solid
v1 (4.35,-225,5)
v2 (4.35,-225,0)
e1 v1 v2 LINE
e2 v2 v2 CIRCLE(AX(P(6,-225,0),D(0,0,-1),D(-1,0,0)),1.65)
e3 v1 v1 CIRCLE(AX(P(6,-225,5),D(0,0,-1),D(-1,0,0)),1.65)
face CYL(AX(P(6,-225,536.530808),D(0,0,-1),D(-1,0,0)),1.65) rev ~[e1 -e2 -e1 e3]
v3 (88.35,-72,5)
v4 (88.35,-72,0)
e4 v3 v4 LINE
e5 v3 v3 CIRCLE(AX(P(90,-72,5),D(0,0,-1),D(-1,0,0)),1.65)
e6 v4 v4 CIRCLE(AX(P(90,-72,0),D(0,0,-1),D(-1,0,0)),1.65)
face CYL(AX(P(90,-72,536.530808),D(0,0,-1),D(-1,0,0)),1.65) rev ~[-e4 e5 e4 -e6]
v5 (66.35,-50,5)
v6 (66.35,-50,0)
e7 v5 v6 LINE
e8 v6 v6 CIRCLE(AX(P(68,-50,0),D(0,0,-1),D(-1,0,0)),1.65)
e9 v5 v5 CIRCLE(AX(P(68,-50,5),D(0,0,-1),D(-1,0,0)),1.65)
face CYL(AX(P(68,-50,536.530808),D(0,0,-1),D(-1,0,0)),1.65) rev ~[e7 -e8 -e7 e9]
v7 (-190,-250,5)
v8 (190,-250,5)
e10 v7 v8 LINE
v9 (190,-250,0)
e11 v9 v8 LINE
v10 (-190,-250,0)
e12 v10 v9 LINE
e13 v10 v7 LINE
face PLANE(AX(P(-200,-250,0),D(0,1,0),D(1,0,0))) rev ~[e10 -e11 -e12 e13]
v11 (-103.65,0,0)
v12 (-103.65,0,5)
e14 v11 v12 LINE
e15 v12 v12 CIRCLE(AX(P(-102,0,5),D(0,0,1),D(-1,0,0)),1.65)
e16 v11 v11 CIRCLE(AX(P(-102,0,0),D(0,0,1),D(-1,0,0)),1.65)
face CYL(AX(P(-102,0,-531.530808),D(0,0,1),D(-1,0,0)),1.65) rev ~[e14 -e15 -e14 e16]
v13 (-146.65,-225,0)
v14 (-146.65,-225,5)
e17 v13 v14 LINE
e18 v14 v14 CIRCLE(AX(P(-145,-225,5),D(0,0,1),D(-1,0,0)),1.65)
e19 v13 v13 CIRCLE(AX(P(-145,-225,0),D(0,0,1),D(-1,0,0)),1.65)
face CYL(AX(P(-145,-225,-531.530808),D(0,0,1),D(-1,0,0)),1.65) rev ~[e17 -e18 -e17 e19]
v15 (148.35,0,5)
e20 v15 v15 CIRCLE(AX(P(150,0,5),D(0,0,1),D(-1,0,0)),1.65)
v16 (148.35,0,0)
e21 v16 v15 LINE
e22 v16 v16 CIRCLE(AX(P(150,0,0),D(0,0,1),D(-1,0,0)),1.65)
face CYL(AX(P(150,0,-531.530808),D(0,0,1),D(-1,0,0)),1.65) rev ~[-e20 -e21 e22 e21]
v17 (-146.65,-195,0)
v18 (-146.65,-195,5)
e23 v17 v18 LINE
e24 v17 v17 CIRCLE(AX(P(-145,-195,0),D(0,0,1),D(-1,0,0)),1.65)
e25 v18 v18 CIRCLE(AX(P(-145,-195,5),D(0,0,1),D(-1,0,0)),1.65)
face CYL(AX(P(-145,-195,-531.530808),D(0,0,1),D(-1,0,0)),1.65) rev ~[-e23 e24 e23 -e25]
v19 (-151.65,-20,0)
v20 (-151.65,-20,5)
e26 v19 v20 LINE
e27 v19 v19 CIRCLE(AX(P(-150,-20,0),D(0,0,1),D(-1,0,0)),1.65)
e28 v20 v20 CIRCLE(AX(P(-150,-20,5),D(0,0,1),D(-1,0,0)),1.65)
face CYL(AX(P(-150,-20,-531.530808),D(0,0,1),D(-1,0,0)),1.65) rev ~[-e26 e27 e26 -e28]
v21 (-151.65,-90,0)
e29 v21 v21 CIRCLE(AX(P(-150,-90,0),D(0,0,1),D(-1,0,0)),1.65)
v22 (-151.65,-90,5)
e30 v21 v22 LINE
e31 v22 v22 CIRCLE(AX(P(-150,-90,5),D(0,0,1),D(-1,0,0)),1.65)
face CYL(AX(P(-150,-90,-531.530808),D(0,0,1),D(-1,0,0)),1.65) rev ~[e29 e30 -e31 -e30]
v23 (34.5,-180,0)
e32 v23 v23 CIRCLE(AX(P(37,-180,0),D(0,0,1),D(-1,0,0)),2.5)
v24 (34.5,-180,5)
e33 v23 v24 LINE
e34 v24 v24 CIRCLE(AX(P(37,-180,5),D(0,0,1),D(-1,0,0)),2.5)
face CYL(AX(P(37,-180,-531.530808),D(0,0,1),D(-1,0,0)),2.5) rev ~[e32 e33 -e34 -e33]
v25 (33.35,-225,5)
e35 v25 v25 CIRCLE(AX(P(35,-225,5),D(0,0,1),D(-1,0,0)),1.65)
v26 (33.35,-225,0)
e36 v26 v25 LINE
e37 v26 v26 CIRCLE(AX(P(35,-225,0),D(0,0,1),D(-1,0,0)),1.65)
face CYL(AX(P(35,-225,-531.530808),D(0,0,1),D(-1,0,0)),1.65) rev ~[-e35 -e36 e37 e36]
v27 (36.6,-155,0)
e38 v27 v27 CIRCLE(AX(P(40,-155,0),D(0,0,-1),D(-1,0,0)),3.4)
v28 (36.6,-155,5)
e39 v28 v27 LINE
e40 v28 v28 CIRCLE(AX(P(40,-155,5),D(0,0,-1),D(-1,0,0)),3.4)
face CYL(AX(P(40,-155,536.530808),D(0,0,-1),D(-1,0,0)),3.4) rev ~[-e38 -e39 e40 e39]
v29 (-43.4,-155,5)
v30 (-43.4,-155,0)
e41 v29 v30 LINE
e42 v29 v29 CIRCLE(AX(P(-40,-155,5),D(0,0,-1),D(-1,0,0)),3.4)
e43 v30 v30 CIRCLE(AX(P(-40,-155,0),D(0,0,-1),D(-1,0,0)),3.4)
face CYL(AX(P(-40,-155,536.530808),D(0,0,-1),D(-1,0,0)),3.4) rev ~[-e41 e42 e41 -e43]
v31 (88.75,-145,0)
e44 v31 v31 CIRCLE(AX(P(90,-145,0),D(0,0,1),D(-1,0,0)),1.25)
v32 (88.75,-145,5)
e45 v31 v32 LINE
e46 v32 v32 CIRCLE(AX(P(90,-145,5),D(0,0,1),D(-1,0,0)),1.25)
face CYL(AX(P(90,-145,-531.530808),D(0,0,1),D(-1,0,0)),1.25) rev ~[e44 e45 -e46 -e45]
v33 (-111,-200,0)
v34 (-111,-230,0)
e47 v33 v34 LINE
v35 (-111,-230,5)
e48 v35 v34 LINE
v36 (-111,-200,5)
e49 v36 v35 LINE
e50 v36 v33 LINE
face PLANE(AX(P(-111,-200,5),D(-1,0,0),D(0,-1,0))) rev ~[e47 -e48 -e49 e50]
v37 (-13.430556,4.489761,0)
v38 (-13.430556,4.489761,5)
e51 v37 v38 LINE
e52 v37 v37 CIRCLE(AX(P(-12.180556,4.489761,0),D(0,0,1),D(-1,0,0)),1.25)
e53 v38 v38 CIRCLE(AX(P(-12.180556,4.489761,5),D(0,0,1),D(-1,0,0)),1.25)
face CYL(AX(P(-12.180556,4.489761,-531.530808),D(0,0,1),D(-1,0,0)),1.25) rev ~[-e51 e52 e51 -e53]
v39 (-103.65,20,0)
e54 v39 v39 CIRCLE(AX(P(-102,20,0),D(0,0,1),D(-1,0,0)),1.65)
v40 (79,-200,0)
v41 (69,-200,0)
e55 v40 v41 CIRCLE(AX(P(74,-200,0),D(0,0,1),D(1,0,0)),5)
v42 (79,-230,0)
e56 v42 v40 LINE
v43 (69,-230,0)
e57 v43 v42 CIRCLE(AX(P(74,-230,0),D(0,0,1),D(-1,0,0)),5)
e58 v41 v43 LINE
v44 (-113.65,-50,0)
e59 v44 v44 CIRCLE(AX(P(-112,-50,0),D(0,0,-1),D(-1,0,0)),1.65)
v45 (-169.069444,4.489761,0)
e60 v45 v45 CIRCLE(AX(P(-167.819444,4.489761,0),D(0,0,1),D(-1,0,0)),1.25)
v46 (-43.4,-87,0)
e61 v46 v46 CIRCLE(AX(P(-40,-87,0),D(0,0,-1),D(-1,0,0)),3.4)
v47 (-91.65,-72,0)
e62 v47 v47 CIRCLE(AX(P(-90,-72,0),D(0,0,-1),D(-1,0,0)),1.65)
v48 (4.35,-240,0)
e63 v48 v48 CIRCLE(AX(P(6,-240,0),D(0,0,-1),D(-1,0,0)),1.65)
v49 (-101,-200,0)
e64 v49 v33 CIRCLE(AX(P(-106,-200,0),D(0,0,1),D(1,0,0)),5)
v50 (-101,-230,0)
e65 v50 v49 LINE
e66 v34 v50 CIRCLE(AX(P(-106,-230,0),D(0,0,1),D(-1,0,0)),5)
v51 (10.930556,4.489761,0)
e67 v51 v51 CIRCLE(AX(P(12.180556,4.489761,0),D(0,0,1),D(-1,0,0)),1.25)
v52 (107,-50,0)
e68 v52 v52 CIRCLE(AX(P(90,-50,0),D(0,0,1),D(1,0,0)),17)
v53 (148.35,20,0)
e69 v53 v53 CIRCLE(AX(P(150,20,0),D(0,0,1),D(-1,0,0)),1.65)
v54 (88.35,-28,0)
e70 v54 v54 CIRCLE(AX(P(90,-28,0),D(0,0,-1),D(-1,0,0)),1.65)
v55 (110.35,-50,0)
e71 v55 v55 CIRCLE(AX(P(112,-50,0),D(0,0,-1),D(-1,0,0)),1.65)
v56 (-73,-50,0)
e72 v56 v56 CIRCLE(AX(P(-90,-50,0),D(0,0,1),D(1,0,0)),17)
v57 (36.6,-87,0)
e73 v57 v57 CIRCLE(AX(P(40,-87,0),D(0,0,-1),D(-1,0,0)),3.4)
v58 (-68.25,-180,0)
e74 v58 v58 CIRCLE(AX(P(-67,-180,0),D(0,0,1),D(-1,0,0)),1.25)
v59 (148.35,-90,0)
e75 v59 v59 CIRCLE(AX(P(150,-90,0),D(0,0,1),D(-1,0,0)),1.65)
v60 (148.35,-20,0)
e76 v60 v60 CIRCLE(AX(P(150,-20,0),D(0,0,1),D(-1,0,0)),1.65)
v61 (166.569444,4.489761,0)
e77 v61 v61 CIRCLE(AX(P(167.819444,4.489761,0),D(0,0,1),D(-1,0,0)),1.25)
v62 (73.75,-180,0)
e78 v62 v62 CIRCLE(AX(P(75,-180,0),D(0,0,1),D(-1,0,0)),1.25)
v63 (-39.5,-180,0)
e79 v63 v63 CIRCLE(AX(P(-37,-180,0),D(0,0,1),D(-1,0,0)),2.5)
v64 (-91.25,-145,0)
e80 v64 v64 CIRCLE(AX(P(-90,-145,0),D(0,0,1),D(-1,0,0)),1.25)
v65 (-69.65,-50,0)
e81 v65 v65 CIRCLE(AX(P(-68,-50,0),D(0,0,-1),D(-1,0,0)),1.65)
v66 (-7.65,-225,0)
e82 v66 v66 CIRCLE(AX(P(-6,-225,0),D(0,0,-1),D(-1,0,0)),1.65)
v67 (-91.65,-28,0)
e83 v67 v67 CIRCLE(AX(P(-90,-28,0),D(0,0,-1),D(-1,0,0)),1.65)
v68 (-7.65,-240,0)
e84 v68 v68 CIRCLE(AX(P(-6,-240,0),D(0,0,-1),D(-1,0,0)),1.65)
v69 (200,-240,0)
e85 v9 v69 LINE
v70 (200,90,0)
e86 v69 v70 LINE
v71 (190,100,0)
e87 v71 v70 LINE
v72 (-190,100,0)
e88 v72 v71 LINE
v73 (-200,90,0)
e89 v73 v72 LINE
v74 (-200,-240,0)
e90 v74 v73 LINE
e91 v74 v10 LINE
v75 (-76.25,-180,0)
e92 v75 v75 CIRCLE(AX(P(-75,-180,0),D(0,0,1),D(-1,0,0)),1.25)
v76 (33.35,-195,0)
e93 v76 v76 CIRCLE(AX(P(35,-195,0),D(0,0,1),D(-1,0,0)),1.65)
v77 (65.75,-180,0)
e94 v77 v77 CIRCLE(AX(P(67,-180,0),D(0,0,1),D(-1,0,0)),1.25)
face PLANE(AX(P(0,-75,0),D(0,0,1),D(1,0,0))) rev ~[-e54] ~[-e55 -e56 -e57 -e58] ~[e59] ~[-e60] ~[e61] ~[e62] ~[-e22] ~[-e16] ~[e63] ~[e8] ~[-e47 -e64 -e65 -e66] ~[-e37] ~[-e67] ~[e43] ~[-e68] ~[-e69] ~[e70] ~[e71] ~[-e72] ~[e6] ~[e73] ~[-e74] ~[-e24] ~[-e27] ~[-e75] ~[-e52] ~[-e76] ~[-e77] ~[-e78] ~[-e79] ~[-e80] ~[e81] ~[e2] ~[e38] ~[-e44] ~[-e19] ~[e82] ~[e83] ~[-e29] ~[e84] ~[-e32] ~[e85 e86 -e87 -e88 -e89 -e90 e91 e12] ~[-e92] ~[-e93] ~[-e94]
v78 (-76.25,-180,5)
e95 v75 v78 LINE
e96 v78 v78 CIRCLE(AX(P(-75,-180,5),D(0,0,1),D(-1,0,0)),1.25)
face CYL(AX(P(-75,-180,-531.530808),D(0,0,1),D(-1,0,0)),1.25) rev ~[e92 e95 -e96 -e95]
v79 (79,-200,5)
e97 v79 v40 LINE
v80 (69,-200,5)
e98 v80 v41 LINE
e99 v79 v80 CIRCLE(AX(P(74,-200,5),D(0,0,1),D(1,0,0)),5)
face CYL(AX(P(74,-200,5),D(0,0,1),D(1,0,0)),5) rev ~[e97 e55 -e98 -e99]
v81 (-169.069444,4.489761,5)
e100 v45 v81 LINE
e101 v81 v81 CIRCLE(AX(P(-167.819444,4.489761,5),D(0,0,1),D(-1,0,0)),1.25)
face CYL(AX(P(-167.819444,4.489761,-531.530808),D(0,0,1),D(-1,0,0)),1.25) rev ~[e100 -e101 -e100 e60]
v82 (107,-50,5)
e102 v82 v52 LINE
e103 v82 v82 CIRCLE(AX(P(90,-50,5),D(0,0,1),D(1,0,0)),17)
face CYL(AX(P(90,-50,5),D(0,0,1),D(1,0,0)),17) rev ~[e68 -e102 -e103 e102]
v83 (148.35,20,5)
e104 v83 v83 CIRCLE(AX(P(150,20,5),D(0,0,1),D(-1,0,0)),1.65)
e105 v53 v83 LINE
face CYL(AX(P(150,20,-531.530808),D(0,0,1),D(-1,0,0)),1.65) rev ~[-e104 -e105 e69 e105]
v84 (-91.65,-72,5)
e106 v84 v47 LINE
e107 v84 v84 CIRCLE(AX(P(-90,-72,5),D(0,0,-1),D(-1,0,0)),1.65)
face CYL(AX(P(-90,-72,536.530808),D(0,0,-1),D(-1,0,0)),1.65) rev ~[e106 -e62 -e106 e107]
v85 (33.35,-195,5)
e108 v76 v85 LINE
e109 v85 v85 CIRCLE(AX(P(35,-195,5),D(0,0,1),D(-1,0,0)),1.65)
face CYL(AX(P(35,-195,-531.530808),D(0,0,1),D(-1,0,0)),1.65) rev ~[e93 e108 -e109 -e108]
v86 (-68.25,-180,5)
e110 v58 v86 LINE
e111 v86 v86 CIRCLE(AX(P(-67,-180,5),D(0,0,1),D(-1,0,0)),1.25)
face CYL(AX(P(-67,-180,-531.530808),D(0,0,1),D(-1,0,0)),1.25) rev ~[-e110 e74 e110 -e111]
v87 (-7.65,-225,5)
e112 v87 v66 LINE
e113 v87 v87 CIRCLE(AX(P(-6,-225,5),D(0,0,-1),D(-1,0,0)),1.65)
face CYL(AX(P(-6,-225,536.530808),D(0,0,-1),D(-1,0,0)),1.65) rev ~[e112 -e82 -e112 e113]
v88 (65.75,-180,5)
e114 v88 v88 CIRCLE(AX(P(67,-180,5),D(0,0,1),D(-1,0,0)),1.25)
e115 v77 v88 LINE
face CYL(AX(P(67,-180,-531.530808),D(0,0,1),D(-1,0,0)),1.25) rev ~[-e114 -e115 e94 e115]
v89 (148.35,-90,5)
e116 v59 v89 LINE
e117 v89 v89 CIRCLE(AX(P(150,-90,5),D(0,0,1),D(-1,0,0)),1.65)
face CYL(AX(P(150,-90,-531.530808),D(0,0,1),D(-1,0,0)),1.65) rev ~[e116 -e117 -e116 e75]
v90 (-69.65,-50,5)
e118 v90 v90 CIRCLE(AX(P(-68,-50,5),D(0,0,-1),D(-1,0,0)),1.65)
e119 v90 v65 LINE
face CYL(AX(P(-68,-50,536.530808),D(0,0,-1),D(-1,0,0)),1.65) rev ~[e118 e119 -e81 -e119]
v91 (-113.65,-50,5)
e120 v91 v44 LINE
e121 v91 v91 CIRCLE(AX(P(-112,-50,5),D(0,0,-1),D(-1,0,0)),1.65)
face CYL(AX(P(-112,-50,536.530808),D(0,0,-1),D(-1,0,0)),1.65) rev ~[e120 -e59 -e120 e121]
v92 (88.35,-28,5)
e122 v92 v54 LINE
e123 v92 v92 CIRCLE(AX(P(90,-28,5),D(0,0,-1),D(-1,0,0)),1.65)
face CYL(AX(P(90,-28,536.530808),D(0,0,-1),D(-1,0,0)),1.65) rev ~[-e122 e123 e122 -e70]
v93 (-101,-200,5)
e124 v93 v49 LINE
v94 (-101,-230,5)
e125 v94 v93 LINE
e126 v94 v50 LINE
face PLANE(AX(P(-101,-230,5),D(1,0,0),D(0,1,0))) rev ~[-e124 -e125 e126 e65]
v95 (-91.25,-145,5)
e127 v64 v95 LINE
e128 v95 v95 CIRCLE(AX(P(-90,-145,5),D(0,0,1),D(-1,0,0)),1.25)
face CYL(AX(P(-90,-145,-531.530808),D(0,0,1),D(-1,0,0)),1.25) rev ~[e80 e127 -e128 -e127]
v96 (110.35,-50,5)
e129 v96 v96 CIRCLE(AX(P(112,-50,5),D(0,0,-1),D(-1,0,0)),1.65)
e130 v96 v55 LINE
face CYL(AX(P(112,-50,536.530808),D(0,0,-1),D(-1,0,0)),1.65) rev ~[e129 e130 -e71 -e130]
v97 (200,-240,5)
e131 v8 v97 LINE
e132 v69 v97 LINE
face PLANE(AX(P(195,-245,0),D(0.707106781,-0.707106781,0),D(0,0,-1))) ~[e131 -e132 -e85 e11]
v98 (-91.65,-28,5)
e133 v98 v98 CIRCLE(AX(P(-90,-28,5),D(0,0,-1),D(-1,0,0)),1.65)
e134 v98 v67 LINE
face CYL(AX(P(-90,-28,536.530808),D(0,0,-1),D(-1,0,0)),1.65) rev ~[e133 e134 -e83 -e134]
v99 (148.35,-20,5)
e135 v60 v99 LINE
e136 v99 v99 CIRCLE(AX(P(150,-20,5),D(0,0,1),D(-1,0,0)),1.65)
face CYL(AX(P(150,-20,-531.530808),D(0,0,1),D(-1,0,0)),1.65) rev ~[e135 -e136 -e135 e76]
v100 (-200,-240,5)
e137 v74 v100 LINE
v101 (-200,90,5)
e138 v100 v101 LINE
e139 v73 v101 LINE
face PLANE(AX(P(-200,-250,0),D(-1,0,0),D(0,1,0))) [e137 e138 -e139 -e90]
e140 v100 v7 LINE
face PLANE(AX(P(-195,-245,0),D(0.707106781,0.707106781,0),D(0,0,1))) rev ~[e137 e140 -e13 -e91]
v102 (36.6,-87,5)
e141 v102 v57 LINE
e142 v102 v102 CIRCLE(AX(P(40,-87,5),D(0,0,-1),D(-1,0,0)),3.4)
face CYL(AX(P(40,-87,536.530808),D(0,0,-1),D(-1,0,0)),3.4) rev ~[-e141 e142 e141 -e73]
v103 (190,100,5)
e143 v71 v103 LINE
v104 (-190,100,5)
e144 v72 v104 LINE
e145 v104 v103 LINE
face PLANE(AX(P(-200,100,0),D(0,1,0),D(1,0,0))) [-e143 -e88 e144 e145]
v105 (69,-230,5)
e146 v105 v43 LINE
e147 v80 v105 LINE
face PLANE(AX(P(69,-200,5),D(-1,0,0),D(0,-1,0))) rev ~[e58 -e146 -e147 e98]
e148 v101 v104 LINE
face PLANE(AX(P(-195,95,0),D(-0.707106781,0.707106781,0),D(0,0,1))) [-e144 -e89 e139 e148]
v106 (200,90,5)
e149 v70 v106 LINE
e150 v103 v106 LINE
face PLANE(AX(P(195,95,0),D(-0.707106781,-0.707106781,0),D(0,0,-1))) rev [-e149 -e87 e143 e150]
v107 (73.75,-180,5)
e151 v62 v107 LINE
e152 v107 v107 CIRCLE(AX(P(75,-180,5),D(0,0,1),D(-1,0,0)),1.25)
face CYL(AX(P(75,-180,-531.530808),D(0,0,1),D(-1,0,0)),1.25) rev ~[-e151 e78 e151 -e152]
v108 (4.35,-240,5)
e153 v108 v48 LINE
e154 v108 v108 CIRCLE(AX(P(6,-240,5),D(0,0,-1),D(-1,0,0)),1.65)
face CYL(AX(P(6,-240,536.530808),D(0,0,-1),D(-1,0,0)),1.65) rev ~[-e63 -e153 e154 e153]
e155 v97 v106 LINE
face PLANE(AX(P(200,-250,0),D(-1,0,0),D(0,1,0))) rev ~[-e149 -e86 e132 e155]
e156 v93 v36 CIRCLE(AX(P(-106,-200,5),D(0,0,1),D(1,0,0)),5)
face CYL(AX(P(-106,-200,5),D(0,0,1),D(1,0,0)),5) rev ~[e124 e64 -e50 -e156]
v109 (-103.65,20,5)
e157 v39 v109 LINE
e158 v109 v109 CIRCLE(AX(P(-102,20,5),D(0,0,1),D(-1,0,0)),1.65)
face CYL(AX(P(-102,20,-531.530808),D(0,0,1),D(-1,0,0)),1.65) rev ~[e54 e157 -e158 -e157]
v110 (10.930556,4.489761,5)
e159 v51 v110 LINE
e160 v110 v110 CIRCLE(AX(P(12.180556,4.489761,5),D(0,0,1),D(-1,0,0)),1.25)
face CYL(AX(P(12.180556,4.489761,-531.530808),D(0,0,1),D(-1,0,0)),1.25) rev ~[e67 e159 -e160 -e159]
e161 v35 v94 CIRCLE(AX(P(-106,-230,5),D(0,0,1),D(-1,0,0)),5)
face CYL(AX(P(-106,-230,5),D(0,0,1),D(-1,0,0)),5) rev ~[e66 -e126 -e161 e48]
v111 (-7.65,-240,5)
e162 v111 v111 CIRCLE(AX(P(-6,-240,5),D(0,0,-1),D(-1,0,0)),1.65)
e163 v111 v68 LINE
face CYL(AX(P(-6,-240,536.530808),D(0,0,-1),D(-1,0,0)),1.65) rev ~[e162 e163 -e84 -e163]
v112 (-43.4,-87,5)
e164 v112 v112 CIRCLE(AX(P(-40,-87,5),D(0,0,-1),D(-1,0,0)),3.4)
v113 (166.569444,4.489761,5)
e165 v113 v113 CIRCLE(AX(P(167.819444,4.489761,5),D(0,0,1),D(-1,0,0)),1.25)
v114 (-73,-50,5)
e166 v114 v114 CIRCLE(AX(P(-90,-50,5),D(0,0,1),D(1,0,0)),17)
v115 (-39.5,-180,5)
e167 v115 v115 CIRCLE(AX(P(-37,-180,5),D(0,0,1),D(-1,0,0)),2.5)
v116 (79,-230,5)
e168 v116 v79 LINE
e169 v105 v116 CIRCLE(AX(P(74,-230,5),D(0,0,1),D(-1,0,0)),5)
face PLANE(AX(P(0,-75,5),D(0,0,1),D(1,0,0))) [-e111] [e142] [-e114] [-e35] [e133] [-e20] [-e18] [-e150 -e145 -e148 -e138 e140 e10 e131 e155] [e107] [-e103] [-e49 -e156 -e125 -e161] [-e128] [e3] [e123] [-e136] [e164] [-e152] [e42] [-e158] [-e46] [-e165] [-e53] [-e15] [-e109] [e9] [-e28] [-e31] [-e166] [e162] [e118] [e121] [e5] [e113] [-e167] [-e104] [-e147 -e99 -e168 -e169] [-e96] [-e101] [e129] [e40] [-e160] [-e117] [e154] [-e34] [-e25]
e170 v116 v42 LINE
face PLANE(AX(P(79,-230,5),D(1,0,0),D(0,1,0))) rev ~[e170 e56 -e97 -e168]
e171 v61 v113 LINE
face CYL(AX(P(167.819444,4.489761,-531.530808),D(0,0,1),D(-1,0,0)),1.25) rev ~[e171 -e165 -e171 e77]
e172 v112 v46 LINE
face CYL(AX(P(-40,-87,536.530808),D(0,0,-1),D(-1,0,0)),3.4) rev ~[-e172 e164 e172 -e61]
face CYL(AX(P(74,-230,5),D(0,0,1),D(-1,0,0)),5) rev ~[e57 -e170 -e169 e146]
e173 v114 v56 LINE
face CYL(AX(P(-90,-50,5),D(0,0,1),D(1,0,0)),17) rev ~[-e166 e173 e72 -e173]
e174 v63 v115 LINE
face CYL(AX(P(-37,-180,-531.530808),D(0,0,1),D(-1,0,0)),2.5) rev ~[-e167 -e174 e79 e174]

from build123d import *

# Parameters (mm, degrees)
F0_W      = 400
F0_H      = 350
F1_DEPTH  = 5
F2_R      = 17
F3_DEPTH  = 25
F5_D      = 3.3
F7_D      = 3.3
F9_D      = 3.3
F11_DEPTH = 25
F13_D     = 3.3
F15_D     = 3.3
F17_D     = 2.5
F18_D     = 5
F20_D     = 2.5
F22_D     = 6.8
F23_SIZE  = 10


with BuildPart() as f1:
    # F0 (on Top) → F1 (new body)
    with BuildSketch(Plane.XY):
        with Locations((0, -75)):
            Rectangle(F0_W, F0_H)
    extrude(amount=F1_DEPTH)

    # F2 (on face) → F3 (cut)
    with BuildSketch(Plane.XY.offset(5)):
        with Locations((-90, -50)):
            Circle(F2_R)
        with Locations((90, -50)):
            Circle(F2_R)
    extrude(amount=-F3_DEPTH, mode=Mode.SUBTRACT)

    # F5 (through all)
    with Locations(Plane.XY.offset(5)):
        with Locations((-90, -72), (-68, -50), (-90, -28), (-112, -50), (68, -50), (90, -72), (112, -50), (90, -28)):
            Hole(F5_D / 2)

    # F7 (through all)
    with Locations(Plane.XY.offset(5)):
        with Locations((-6, -225), (6, -225), (6, -240), (-6, -240)):
            Hole(F7_D / 2)

    # F9 (through all)
    with Locations(Plane(origin=(0, 0, 0), x_dir=(1, 0, 0), z_dir=(0, 0, -1))):
        with Locations((-145, 225), (-145, 195), (35, 195), (35, 225)):
            Hole(F9_D / 2)

    # F10 (on face) → F11 (cut)
    with BuildSketch(Plane.XY.offset(5)):
        with BuildLine():
            Line((-101, -230), (-101, -200))
            ThreePointArc((-101, -200), (-106, -195), (-111, -200))
            Line((-111, -200), (-111, -230))
            ThreePointArc((-111, -230), (-106, -235), (-101, -230))
        make_face()
        with BuildLine():
            Line((69, -200), (69, -230))
            ThreePointArc((69, -230), (74, -235), (79, -230))
            Line((79, -230), (79, -200))
            ThreePointArc((79, -200), (74, -195), (69, -200))
        make_face()
    extrude(amount=-F11_DEPTH, mode=Mode.SUBTRACT)

    # F13 (through all)
    with Locations(Plane(origin=(0, 0, 0), x_dir=(1, 0, 0), z_dir=(0, 0, -1))):
        with Locations((-102, -20), (-102, 0), (150, 0), (150, -20)):
            Hole(F13_D / 2)

    # F15 (through all)
    with Locations(Plane(origin=(0, 0, 0), x_dir=(1, 0, 0), z_dir=(0, 0, -1))):
        with Locations((-150, 20), (-150, 90), (150, 90), (150, 20)):
            Hole(F15_D / 2)

    # F17 (through all)
    with Locations(Plane(origin=(0, 0, 0), x_dir=(1, 0, 0), z_dir=(0, 0, -1))):
        with Locations((-75, 180), (-67, 180), (67, 180), (75, 180)):
            Hole(F17_D / 2)

    # F18 (through all)
    with Locations(Plane(origin=(0, 0, 0), x_dir=(1, 0, 0), z_dir=(0, 0, -1))):
        with Locations((-37, 180), (37, 180)):
            Hole(F18_D / 2)

    # F20 (through all)
    with Locations(Plane(origin=(0, 0, 0), x_dir=(1, 0, 0), z_dir=(0, 0, -1))):
        with Locations((-167.8194442075, -4.4897614533), (-12.1805557925, -4.4897614533), (-90, 145), (12.1805557925, -4.4897614533), (167.8194442075, -4.4897614533), (90, 145)):
            Hole(F20_D / 2)

    # F22 (through all)
    with Locations(Plane.XY.offset(5)):
        with Locations((-40, -87), (-40, -155), (40, -155), (40, -87)):
            Hole(F22_D / 2)

    # F23
    f23_edges = [f1.edges().sort_by_distance(p)[0] for p in [
        (-200, -250, 2.5),
        (200, -250, 2.5),
        (200, 100, 2.5),
        (-200, 100, 2.5),
    ]]
    chamfer(f23_edges, length=F23_SIZE)


solid = f1.part
